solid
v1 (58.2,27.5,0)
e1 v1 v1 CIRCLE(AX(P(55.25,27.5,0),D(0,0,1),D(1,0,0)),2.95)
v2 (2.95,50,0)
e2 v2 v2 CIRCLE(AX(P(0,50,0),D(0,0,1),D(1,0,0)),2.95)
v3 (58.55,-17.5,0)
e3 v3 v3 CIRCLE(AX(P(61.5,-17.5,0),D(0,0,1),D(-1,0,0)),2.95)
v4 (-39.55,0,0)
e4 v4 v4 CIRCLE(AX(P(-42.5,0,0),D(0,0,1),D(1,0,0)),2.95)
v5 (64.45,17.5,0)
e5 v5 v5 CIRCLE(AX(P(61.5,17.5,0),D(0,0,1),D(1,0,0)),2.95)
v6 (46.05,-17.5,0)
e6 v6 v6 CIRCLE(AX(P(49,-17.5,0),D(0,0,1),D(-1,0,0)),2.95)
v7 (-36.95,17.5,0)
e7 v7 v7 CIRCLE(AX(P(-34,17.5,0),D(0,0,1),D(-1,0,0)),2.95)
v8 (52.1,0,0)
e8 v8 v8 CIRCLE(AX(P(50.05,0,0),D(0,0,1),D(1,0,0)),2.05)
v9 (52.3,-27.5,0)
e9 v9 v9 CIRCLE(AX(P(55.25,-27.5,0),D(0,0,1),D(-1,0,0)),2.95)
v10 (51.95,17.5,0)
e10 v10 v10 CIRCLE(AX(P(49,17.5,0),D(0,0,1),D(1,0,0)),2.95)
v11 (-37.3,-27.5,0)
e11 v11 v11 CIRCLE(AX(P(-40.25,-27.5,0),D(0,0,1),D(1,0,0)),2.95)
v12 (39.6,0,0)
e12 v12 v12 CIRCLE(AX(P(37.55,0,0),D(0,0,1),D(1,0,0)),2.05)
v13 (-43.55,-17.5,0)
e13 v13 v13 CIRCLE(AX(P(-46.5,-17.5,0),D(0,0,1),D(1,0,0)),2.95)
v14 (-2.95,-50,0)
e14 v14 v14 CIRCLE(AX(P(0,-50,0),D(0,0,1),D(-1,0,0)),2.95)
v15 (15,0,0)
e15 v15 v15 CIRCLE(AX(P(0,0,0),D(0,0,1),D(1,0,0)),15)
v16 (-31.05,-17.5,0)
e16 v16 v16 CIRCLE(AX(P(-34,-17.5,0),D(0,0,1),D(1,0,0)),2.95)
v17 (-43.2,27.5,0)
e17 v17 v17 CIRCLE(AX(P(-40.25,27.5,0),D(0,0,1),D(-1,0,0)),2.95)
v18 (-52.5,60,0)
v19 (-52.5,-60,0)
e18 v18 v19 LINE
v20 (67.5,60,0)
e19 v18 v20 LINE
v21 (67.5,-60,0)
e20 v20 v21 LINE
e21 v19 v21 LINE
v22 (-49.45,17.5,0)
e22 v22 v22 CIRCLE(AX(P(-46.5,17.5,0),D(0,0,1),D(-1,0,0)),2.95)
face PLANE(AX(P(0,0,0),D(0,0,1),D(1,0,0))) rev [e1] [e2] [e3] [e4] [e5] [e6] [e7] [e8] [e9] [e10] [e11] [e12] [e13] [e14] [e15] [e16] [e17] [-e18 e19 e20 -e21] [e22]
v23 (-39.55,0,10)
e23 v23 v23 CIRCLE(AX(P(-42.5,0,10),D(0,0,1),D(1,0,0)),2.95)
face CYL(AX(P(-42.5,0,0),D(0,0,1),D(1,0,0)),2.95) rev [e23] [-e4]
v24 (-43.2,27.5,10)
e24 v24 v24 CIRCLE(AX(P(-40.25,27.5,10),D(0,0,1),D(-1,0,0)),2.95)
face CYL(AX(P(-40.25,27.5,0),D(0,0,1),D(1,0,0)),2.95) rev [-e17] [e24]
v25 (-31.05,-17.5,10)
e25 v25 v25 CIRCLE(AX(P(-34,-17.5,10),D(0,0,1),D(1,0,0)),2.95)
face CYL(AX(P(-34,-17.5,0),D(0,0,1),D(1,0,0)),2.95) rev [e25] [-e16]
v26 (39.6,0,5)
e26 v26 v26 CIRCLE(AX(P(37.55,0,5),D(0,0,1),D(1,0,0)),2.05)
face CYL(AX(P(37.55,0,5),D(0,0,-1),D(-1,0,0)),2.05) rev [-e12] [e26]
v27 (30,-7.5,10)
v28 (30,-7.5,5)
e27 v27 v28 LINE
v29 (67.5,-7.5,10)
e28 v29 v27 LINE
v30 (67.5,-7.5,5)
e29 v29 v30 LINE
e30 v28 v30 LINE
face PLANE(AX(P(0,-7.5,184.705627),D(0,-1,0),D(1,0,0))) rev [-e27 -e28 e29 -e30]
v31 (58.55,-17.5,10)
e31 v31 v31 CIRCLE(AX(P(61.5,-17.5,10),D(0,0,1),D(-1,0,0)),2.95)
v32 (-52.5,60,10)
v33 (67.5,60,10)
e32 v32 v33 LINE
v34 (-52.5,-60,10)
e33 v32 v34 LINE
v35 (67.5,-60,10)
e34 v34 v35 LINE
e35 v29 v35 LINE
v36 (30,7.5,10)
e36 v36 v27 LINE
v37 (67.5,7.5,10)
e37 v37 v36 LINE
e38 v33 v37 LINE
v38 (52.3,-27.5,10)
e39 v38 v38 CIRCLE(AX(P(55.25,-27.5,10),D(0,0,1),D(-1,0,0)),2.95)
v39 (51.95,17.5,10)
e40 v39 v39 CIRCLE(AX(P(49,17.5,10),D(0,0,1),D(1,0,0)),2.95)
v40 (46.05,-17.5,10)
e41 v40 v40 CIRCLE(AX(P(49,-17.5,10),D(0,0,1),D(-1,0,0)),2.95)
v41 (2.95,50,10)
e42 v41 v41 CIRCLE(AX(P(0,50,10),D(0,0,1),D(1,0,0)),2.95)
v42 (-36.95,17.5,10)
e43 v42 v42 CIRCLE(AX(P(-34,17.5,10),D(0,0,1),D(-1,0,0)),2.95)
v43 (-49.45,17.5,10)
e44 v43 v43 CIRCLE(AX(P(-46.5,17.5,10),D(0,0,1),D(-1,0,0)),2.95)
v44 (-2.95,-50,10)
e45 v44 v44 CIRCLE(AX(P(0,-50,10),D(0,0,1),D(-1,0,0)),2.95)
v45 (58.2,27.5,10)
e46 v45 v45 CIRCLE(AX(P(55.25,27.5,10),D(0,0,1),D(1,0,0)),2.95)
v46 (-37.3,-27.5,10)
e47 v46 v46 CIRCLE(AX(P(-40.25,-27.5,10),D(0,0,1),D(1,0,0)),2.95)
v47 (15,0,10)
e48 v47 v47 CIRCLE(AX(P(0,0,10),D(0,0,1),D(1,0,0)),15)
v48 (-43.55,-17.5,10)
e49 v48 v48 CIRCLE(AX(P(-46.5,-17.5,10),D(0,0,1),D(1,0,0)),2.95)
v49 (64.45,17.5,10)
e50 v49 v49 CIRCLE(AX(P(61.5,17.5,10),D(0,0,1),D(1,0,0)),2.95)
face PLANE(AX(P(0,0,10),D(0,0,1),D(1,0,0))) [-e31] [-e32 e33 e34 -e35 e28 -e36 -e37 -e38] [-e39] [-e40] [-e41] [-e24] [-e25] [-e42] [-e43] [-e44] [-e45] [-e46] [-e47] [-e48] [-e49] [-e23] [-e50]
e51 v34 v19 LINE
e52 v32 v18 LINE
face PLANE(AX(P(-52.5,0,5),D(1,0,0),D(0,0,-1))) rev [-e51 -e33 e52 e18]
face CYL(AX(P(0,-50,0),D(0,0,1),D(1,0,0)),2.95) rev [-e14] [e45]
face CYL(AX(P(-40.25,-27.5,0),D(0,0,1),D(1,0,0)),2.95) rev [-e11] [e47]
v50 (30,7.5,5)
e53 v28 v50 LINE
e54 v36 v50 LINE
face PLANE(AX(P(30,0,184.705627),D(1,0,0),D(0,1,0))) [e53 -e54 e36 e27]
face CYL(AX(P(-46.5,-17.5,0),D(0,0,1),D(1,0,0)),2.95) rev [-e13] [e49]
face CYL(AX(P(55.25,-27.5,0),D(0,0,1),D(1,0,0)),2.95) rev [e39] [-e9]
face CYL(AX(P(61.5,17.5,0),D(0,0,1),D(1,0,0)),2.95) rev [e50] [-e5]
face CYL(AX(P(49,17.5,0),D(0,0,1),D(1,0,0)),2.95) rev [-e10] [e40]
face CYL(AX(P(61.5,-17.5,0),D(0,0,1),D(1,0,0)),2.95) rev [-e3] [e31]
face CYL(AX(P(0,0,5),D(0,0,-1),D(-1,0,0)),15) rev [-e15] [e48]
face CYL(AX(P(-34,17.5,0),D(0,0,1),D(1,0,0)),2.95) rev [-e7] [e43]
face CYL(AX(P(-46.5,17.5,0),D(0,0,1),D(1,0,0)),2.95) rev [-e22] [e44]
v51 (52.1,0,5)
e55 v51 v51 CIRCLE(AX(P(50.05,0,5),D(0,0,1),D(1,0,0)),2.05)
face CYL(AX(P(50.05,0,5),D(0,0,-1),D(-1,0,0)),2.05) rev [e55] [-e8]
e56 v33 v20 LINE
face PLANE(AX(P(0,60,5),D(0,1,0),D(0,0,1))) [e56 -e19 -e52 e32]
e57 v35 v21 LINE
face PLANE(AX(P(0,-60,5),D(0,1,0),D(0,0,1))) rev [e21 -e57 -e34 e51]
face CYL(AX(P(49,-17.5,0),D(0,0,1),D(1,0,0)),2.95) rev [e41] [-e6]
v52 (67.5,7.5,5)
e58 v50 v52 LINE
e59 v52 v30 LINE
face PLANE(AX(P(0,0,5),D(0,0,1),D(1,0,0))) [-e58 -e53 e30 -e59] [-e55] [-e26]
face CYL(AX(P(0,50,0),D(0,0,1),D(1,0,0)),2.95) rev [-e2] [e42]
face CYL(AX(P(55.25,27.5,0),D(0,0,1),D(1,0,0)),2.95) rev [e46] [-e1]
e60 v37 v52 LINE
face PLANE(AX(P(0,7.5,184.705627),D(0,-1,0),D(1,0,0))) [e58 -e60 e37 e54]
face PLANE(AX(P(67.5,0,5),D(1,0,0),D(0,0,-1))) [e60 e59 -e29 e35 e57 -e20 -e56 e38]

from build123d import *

# Parameters (mm, degrees)
CROQUIS1_R              = 15
CROQUIS1_W              = 37.5
CROQUIS1_H              = 15
CROQUIS1_R_2            = 2.05
SALIENTE_EXTRUIR1_DEPTH = 5
CROQUIS1_4_R            = 15
SALIENTE_EXTRUIR2_DEPTH = 10
CROQUIS2_R              = 2.95
CORTAR_EXTRUIR1_DEPTH   = 91.863909227


with BuildPart() as part:
    # Croquis1 → Saliente-Extruir1 (new body)
    with BuildSketch(Plane.XY):
        Polygon((67.5, 60), (-52.5, 60), (-52.5, -60), (67.5, -60), (67.5, -7.5), (30, -7.5), (30, 7.5), (67.5, 7.5), align=None)
        Circle(CROQUIS1_R, mode=Mode.SUBTRACT)
        with Locations((48.75, 0)):
            Rectangle(CROQUIS1_W, CROQUIS1_H)
        with Locations((37.55, 0)):
            Circle(CROQUIS1_R_2, mode=Mode.SUBTRACT)
        with Locations((50.05, 0)):
            Circle(CROQUIS1_R_2, mode=Mode.SUBTRACT)
    extrude(amount=SALIENTE_EXTRUIR1_DEPTH)

    # Croquis1<4> → Saliente-Extruir2 (add)
    with BuildSketch(Plane.XY):
        Polygon((67.5, 60), (-52.5, 60), (-52.5, -60), (67.5, -60), (67.5, -7.5), (30, -7.5), (30, 7.5), (67.5, 7.5), align=None)
        Circle(CROQUIS1_4_R, mode=Mode.SUBTRACT)
    extrude(amount=SALIENTE_EXTRUIR2_DEPTH)

    # Croquis2 → Cortar-Extruir1 (cut, through all)
    with BuildSketch(Plane.XY.offset(10)):
        with Locations((49, 17.5)):
            Circle(CROQUIS2_R)
        with Locations((55.25, 27.5)):
            Circle(CROQUIS2_R)
        with Locations((61.5, 17.5)):
            Circle(CROQUIS2_R)
        with Locations(Location((61.5, -17.5, 0), (0, 0, 180))):
            Circle(CROQUIS2_R)
        with Locations(Location((55.25, -27.5, 0), (0, 0, 180))):
            Circle(CROQUIS2_R)
        with Locations(Location((49, -17.5, 0), (0, 0, 180))):
            Circle(CROQUIS2_R)
        with Locations((-42.5, 0)):
            Circle(CROQUIS2_R)
        with Locations((0, 50)):
            Circle(CROQUIS2_R)
        with Locations(Location((0, -50, 0), (0, 0, 180))):
            Circle(CROQUIS2_R)
        with Locations((-40.25, -27.5)):
            Circle(CROQUIS2_R)
        with Locations((-46.5, -17.5)):
            Circle(CROQUIS2_R)
        with Locations((-34, -17.5)):
            Circle(CROQUIS2_R)
        with Locations(Location((-34, 17.5, 0), (0, 0, 180))):
            Circle(CROQUIS2_R)
        with Locations(Location((-46.5, 17.5, 0), (0, 0, 180))):
            Circle(CROQUIS2_R)
        with Locations(Location((-40.25, 27.5, 0), (0, 0, 180))):
            Circle(CROQUIS2_R)
    extrude(amount=-CORTAR_EXTRUIR1_DEPTH, mode=Mode.SUBTRACT)


solid = part.part
